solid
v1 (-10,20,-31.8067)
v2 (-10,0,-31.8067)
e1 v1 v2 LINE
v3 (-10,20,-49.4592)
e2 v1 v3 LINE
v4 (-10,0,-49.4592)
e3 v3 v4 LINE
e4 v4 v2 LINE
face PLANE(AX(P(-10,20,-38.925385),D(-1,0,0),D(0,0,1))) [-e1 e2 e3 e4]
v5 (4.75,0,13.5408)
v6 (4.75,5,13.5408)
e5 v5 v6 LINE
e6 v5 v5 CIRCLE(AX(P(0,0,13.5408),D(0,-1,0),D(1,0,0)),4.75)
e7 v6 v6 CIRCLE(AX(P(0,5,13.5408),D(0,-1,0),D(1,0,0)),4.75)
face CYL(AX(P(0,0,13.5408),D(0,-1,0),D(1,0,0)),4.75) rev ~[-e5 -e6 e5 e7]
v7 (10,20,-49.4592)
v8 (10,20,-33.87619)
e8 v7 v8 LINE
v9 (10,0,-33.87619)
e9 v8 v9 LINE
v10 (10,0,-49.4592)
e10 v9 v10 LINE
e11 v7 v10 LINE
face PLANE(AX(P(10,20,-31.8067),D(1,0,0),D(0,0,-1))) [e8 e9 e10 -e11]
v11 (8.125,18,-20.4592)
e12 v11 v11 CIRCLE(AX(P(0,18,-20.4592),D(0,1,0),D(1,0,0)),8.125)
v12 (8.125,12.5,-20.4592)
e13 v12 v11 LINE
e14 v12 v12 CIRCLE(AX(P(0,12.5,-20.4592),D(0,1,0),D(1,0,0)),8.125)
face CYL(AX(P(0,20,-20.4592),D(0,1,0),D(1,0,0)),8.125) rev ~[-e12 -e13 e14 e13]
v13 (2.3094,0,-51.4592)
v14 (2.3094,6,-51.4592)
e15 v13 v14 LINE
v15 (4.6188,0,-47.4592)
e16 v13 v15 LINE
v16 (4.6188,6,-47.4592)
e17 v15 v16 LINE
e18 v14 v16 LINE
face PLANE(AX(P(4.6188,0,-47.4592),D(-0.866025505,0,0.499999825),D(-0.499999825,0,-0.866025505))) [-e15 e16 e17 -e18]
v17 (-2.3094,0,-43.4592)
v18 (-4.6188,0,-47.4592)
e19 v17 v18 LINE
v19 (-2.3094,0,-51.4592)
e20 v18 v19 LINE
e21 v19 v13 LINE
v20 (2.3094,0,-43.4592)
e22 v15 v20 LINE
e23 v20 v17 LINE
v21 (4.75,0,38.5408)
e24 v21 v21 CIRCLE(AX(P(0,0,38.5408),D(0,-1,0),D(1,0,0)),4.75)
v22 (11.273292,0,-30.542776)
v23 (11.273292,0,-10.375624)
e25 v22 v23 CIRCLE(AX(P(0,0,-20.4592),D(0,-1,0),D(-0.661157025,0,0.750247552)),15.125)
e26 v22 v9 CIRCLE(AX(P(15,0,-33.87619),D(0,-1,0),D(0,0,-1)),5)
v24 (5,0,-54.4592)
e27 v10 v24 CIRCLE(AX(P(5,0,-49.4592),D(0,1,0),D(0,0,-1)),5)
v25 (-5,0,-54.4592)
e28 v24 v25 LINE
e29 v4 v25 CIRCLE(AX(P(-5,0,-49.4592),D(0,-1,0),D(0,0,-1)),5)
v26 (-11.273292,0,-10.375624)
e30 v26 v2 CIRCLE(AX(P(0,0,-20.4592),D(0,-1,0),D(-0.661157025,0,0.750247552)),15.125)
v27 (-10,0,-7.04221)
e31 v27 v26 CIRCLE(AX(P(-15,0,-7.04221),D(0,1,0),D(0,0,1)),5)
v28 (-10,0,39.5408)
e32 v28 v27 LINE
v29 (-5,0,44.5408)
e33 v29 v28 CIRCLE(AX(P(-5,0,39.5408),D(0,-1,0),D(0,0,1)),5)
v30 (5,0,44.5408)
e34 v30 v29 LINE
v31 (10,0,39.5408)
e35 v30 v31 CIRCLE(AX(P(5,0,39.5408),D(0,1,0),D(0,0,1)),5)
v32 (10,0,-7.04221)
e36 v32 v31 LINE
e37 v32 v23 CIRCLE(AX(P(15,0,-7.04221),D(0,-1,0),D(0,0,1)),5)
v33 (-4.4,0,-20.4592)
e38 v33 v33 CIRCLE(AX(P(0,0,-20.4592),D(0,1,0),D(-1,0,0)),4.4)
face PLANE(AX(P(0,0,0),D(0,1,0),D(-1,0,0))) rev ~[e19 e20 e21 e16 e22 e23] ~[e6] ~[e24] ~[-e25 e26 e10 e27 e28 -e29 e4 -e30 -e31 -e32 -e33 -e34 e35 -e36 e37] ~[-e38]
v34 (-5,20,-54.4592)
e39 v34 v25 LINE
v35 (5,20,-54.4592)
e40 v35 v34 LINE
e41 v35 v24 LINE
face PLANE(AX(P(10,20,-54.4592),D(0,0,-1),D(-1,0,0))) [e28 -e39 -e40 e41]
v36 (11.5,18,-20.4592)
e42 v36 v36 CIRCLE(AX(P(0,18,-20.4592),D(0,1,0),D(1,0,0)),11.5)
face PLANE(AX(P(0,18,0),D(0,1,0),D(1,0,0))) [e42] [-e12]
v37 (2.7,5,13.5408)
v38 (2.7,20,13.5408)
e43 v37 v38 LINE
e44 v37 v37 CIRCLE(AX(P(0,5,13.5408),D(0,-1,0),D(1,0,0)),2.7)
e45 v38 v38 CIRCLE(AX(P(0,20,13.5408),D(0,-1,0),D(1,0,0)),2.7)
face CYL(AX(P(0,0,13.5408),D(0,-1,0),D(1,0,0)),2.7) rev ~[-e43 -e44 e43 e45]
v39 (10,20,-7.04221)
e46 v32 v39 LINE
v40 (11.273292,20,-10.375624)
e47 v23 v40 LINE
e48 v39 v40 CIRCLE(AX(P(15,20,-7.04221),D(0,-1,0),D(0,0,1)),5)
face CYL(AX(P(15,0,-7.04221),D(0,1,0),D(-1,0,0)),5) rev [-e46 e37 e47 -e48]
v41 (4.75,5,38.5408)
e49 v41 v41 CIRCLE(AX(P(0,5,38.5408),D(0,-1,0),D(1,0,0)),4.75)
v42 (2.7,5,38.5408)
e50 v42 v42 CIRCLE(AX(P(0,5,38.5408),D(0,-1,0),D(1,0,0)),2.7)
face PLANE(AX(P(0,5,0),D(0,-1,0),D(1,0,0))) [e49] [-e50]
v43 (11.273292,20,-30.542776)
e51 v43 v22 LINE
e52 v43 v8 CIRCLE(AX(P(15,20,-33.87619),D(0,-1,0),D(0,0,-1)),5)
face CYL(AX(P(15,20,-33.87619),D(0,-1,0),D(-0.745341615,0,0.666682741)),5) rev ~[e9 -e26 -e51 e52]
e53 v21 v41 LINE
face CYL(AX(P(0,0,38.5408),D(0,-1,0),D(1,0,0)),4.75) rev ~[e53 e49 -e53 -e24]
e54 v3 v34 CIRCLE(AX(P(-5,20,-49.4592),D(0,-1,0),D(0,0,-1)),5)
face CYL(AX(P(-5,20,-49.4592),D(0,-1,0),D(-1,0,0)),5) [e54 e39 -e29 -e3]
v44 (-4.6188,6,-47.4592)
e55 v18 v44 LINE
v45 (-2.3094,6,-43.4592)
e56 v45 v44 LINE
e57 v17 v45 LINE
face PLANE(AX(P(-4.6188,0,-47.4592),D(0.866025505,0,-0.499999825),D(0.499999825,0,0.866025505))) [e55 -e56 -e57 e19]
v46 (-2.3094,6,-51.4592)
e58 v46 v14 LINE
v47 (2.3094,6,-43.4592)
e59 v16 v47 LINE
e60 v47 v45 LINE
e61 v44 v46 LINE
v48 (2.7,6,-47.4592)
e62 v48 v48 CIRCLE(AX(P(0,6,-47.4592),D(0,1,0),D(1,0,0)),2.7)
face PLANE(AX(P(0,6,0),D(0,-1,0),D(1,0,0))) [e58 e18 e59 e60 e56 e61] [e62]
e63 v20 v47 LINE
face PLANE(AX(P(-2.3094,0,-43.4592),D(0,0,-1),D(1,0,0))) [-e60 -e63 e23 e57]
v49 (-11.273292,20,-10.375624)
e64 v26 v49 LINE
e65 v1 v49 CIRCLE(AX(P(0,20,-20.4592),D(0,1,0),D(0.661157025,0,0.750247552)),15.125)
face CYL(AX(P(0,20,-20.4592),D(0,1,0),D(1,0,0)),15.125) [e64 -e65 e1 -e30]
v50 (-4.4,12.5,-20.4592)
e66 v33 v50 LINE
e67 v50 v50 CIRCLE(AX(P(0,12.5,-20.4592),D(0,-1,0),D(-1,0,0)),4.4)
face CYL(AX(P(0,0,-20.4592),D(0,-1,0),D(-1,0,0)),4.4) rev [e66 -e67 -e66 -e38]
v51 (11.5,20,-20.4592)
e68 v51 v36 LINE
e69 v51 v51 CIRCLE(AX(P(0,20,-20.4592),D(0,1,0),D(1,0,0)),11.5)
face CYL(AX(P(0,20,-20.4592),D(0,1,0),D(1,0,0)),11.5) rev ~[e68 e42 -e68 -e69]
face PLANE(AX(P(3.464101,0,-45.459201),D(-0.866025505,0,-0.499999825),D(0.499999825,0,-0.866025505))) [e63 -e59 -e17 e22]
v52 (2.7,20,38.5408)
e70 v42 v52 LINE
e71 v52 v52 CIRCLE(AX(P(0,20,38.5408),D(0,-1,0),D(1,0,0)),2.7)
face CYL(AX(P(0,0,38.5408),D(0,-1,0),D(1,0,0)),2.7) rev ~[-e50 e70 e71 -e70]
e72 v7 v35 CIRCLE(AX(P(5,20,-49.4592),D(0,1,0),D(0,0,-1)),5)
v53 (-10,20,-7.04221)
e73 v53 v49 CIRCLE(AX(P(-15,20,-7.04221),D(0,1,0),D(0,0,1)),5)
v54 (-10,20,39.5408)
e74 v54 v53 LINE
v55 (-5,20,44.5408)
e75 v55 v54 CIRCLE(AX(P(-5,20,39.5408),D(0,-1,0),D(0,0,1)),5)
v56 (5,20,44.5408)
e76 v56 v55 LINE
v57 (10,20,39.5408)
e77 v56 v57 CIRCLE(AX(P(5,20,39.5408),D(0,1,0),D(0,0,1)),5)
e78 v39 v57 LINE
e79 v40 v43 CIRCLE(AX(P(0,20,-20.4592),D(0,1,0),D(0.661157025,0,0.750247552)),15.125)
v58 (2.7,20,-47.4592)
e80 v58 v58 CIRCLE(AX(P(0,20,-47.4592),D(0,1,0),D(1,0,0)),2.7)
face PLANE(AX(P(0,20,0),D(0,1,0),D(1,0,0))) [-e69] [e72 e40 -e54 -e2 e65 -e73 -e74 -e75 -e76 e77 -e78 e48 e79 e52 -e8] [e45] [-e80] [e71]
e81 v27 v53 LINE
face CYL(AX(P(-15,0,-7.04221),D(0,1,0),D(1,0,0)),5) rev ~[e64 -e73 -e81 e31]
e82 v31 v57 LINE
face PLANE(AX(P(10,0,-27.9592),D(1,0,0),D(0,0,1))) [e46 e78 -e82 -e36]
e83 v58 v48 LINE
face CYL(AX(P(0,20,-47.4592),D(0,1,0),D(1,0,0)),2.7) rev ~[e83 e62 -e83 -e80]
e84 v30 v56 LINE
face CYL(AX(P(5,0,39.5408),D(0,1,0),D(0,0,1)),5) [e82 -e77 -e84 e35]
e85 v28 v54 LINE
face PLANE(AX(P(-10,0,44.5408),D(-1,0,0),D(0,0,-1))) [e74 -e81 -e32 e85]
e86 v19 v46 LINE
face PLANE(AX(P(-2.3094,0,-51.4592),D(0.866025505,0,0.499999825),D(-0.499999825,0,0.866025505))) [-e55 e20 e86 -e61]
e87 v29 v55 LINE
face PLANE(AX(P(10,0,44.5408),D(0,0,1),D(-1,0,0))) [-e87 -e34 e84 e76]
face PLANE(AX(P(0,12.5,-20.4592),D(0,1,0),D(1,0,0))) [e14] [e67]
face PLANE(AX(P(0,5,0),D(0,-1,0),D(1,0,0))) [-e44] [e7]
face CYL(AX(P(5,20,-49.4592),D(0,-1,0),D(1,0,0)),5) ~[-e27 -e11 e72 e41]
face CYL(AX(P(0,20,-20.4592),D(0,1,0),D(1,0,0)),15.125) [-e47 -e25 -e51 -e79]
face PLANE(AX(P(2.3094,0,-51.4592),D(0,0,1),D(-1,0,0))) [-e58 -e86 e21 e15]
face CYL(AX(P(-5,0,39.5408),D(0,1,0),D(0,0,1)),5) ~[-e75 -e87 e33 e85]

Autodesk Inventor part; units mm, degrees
ref_plane "YZ Plane" through (0, 0, 0) normal (1, 0, 0) x (0, 1, 0)
ref_plane "XZ Plane" through (0, 0, 0) normal (0, 1, 0) x (-1, 0, 0)
ref_plane "XY Plane" through (0, 0, 0) normal (0, 0, 1) x (1, 0, 0)
sketch "Boceto1" plane through (0, 0, 0) normal (0, 1, 0) x (-1, 0, 0)
  line L0 (-10, 44.5408) -> (10, 44.5408)
  line L1 (10, 44.5408) -> (10, -27.9592)
  line L2 (10, -27.9592) -> (-10, -27.9592)
  line L3 (-10, -27.9592) -> (-10, 44.5408)
  line L4 (-10, 44.5408) -> (10, -27.9592) construction
  line L5 (10, 44.5408) -> (-10, -27.9592) construction
  circle A0 centre (0, -20.4592) radius 4.4
  point P0 (0, 8.2908)
  dimension "d1" = 20
  dimension "d2" = 8.8
  dimension "d3" = 7.5
  dimension "d26" = 65
extrude "Extrusión1" add sketch "Boceto1" along normal blind 20
sketch "Boceto2" plane through (0, 20, 0) normal (0, 1, 0) x (1, 0, 0)
  circle A0 centre (0, 20.4592) radius 4.4 projected
  circle A1 centre (0, 20.4592) radius 12.125
  point P0 (0, 0)
  dimension "d6" = 24.25
extrude "Extrusión2" cut sketch "Boceto2" against normal blind 2.5
sketch "Boceto3" plane through (0, 20, 0) normal (0, 1, 0) x (1, 0, 0)
  circle A0 centre (0, 20.4592) radius 4.4 projected
  circle A1 centre (0, 20.4592) radius 12.125
  circle A2 centre (0, 20.4592) radius 15.125
  line L0 (10, 27.316) -> (10, 13.6024) projected
  arc A3 (10, 27.316) -> (9.5271, 27.9592) centre (0, 20.4592) ccw projected
  line L1 (-9.5271, 27.9592) -> (9.5271, 27.9592) projected
  arc A4 (-9.5271, 27.9592) -> (-10, 27.316) centre (0, 20.4592) ccw projected
  line L2 (-10, 13.6024) -> (-10, 27.316) projected
  arc A5 (-10, 13.6024) -> (10, 13.6024) centre (0, 20.4592) ccw projected
  circle A6 centre (0, 20.4592) radius 4.4 projected
  point P0 (0, 0)
  point P1 (-10, 27.316)
  point P2 (10, 27.316)
  point P3 (9.5271, 27.9592)
  dimension "d9" = 3
extrude "Extrusión3" add sketch "Boceto3" against normal up to surface (20 mm away) contours A1 L0 | L1 A1 | A1 L2 | A2
sketch "Boceto4" plane through (0, 20, 0) normal (0, 1, 0) x (1, 0, 0)
  circle A0 centre (0, 20.4592) radius 4.4 projected
  circle A1 centre (0, 20.4592) radius 12.15
  point P0 (0, 0)
  dimension "d14" = 24.3
extrude "Extrusión4" cut sketch "Boceto4" against normal blind 2 contours A0 | A1
sketch "Boceto5" plane through (0, 17.5, 0) normal (0, 1, 0) x (1, 0, 0)
  line L0 (10, 27.316) -> (10, 13.6024) projected
  arc A0 (10, 27.316) -> (9.5271, 27.9592) centre (0, 20.4592) ccw projected
  line L1 (-9.5271, 27.9592) -> (9.5271, 27.9592) projected
  arc A1 (-9.5271, 27.9592) -> (-10, 27.316) centre (0, 20.4592) ccw projected
  line L2 (-10, 13.6024) -> (-10, 27.316) projected
  arc A2 (-10, 13.6024) -> (10, 13.6024) centre (0, 20.4592) ccw projected
  circle A3 centre (0, 20.4592) radius 4.4 projected
  point P0 (0, 0)
extrude "Extrusión5" add sketch "Boceto5" along normal up to surface (0.5 mm away)
sketch "Boceto6" plane through (0, 0, 0) normal (0, -1, 0) x (1, 0, 0)
  circle A0 centre (0, 38.5408) radius 2.7
  circle A1 centre (0, 13.5408) radius 2.7
  line L0 (-10, 44.5408) -> (10, 44.5408) projected
  point P0 (0, 0)
  dimension "d20" = 25
  dimension "d21" = 5.4
  dimension "d30" = 6
extrude "Extrusión6" cut sketch "Boceto6" against normal through all
sketch "Boceto8" plane through (0, 18, -20.4592) normal (0, 1, 0) x (1, 0, 0)
  circle A0 centre (0, 0) radius 4.4 projected
  circle A1 centre (0, 0) radius 8.125
  point P0 (0, -20.4592)
  dimension "d31" = 16.25
extrude "Extrusión8" cut sketch "Boceto8" against normal blind 5.5 contours A0 | A1
fillet "Empalme4" radius 5 4 edges at (10, 10, 44.5408) (-10, 10, 44.5408) (10, 10, -9.1117) (-10, 10, -9.1117)
sketch "Boceto9" plane through (0, 20, 0) normal (0, 1, 0) x (1, 0, 0)
  arc A0 (11.2733, 10.3756) -> (-11.2733, 10.3756) centre (0, 20.4592) ccw projected
  line L0 (-10, 31.8067) -> (10, 31.8067)
  line L1 (10, 31.8067) -> (10, 54.4592)
  line L2 (10, 54.4592) -> (-10, 54.4592)
  line L3 (-10, 54.4592) -> (-10, 31.8067)
  line L4 (-10, 7.0422) -> (-10, -39.5408) projected
  line L5 (10, -39.5408) -> (10, 7.0422) projected
  circle A1 centre (0, 20.4592) radius 21
  circle A2 centre (0, 47.4592) radius 2.7
  point P0 (0, 0)
  dimension "d36" = 42
  dimension "d37" = 34
  dimension "d38" = 5.4
  dimension "d39" = 7
extrude "Extrusión9" add sketch "Boceto9" against normal up to surface (20 mm away) contours A0 L3 A1 L1 | A1 L3 L2 L1
fillet "Empalme5" radius 5 3 edges at (10, 10, -31.8067) (10, 10, -54.4592) (-10, 10, -54.4592)
sketch "Boceto10" plane through (0, 0, 0) normal (0, -1, 0) x (1, 0, 0)
  circle A0 centre (0, -47.4592) radius 2.7 projected
  circle A1 centre (0, -47.4592) radius 4
  line L0 (-4.6188, -47.4592) -> (-2.3094, -43.4592)
  line L1 (-2.3094, -43.4592) -> (2.3094, -43.4592)
  line L2 (2.3094, -43.4592) -> (4.6188, -47.4592)
  line L3 (4.6188, -47.4592) -> (2.3094, -51.4592)
  line L4 (2.3094, -51.4592) -> (-2.3094, -51.4592)
  line L5 (-2.3094, -51.4592) -> (-4.6188, -47.4592)
  point P0 (0, 6.5408)
  dimension "d43" = 8
extrude "Extrusión10" cut sketch "Boceto10" against normal blind 6 contours A0 | A1 | A1 L2 L3 | A1 L1 L2 | L3 L4 A1 | A1 L0 L1 | L4 L5 A1 | A1 L5 L0
sketch "Boceto11" plane through (0, 0, 0) normal (0, -1, 0) x (1, 0, 0)
  circle A0 centre (0, 38.5408) radius 2.7 projected
  circle A1 centre (0, 38.5408) radius 4.75
  circle A2 centre (0, 13.5408) radius 2.7 projected
  circle A3 centre (0, 13.5408) radius 4.75
  point P0 (0, 0)
  dimension "d46" = 9.5
  dimension "d47" = 9.5
extrude "Extrusión11" cut sketch "Boceto11" against normal blind 5
sketch "Boceto12" plane through (0, 20, 0) normal (0, 1, 0) x (1, 0, 0)
  circle A0 centre (0, 20.4592) radius 8.125 projected
  circle A1 centre (0, 20.4592) radius 8.125 projected
  circle A2 centre (0, 20.4592) radius 12.15 projected
  point P0 (0, 0)
extrude "Extrusión12" add sketch "Boceto12" against normal up to surface (2 mm away)
sketch "Boceto14" plane through (0, 20, 0) normal (0, 1, 0) x (1, 0, 0)
  circle A0 centre (0, 20.4592) radius 8.125 projected
  circle A1 centre (0, 20.4592) radius 11.5
  point P0 (0, 0)
  dimension "d55" = 23
extrude "Extrusión14" cut sketch "Boceto14" against normal blind 2
sketch "Boceto13" plane through (0, 12.5, -20.4592) normal (0, 1, 0) x (1, 0, 0)
  circle A0 centre (0, 0) radius 4.4 projected
  circle A1 centre (0, 0) radius 8.125 projected
  point P0 (0, -20.4592)
properties part number "bottomsupport"
